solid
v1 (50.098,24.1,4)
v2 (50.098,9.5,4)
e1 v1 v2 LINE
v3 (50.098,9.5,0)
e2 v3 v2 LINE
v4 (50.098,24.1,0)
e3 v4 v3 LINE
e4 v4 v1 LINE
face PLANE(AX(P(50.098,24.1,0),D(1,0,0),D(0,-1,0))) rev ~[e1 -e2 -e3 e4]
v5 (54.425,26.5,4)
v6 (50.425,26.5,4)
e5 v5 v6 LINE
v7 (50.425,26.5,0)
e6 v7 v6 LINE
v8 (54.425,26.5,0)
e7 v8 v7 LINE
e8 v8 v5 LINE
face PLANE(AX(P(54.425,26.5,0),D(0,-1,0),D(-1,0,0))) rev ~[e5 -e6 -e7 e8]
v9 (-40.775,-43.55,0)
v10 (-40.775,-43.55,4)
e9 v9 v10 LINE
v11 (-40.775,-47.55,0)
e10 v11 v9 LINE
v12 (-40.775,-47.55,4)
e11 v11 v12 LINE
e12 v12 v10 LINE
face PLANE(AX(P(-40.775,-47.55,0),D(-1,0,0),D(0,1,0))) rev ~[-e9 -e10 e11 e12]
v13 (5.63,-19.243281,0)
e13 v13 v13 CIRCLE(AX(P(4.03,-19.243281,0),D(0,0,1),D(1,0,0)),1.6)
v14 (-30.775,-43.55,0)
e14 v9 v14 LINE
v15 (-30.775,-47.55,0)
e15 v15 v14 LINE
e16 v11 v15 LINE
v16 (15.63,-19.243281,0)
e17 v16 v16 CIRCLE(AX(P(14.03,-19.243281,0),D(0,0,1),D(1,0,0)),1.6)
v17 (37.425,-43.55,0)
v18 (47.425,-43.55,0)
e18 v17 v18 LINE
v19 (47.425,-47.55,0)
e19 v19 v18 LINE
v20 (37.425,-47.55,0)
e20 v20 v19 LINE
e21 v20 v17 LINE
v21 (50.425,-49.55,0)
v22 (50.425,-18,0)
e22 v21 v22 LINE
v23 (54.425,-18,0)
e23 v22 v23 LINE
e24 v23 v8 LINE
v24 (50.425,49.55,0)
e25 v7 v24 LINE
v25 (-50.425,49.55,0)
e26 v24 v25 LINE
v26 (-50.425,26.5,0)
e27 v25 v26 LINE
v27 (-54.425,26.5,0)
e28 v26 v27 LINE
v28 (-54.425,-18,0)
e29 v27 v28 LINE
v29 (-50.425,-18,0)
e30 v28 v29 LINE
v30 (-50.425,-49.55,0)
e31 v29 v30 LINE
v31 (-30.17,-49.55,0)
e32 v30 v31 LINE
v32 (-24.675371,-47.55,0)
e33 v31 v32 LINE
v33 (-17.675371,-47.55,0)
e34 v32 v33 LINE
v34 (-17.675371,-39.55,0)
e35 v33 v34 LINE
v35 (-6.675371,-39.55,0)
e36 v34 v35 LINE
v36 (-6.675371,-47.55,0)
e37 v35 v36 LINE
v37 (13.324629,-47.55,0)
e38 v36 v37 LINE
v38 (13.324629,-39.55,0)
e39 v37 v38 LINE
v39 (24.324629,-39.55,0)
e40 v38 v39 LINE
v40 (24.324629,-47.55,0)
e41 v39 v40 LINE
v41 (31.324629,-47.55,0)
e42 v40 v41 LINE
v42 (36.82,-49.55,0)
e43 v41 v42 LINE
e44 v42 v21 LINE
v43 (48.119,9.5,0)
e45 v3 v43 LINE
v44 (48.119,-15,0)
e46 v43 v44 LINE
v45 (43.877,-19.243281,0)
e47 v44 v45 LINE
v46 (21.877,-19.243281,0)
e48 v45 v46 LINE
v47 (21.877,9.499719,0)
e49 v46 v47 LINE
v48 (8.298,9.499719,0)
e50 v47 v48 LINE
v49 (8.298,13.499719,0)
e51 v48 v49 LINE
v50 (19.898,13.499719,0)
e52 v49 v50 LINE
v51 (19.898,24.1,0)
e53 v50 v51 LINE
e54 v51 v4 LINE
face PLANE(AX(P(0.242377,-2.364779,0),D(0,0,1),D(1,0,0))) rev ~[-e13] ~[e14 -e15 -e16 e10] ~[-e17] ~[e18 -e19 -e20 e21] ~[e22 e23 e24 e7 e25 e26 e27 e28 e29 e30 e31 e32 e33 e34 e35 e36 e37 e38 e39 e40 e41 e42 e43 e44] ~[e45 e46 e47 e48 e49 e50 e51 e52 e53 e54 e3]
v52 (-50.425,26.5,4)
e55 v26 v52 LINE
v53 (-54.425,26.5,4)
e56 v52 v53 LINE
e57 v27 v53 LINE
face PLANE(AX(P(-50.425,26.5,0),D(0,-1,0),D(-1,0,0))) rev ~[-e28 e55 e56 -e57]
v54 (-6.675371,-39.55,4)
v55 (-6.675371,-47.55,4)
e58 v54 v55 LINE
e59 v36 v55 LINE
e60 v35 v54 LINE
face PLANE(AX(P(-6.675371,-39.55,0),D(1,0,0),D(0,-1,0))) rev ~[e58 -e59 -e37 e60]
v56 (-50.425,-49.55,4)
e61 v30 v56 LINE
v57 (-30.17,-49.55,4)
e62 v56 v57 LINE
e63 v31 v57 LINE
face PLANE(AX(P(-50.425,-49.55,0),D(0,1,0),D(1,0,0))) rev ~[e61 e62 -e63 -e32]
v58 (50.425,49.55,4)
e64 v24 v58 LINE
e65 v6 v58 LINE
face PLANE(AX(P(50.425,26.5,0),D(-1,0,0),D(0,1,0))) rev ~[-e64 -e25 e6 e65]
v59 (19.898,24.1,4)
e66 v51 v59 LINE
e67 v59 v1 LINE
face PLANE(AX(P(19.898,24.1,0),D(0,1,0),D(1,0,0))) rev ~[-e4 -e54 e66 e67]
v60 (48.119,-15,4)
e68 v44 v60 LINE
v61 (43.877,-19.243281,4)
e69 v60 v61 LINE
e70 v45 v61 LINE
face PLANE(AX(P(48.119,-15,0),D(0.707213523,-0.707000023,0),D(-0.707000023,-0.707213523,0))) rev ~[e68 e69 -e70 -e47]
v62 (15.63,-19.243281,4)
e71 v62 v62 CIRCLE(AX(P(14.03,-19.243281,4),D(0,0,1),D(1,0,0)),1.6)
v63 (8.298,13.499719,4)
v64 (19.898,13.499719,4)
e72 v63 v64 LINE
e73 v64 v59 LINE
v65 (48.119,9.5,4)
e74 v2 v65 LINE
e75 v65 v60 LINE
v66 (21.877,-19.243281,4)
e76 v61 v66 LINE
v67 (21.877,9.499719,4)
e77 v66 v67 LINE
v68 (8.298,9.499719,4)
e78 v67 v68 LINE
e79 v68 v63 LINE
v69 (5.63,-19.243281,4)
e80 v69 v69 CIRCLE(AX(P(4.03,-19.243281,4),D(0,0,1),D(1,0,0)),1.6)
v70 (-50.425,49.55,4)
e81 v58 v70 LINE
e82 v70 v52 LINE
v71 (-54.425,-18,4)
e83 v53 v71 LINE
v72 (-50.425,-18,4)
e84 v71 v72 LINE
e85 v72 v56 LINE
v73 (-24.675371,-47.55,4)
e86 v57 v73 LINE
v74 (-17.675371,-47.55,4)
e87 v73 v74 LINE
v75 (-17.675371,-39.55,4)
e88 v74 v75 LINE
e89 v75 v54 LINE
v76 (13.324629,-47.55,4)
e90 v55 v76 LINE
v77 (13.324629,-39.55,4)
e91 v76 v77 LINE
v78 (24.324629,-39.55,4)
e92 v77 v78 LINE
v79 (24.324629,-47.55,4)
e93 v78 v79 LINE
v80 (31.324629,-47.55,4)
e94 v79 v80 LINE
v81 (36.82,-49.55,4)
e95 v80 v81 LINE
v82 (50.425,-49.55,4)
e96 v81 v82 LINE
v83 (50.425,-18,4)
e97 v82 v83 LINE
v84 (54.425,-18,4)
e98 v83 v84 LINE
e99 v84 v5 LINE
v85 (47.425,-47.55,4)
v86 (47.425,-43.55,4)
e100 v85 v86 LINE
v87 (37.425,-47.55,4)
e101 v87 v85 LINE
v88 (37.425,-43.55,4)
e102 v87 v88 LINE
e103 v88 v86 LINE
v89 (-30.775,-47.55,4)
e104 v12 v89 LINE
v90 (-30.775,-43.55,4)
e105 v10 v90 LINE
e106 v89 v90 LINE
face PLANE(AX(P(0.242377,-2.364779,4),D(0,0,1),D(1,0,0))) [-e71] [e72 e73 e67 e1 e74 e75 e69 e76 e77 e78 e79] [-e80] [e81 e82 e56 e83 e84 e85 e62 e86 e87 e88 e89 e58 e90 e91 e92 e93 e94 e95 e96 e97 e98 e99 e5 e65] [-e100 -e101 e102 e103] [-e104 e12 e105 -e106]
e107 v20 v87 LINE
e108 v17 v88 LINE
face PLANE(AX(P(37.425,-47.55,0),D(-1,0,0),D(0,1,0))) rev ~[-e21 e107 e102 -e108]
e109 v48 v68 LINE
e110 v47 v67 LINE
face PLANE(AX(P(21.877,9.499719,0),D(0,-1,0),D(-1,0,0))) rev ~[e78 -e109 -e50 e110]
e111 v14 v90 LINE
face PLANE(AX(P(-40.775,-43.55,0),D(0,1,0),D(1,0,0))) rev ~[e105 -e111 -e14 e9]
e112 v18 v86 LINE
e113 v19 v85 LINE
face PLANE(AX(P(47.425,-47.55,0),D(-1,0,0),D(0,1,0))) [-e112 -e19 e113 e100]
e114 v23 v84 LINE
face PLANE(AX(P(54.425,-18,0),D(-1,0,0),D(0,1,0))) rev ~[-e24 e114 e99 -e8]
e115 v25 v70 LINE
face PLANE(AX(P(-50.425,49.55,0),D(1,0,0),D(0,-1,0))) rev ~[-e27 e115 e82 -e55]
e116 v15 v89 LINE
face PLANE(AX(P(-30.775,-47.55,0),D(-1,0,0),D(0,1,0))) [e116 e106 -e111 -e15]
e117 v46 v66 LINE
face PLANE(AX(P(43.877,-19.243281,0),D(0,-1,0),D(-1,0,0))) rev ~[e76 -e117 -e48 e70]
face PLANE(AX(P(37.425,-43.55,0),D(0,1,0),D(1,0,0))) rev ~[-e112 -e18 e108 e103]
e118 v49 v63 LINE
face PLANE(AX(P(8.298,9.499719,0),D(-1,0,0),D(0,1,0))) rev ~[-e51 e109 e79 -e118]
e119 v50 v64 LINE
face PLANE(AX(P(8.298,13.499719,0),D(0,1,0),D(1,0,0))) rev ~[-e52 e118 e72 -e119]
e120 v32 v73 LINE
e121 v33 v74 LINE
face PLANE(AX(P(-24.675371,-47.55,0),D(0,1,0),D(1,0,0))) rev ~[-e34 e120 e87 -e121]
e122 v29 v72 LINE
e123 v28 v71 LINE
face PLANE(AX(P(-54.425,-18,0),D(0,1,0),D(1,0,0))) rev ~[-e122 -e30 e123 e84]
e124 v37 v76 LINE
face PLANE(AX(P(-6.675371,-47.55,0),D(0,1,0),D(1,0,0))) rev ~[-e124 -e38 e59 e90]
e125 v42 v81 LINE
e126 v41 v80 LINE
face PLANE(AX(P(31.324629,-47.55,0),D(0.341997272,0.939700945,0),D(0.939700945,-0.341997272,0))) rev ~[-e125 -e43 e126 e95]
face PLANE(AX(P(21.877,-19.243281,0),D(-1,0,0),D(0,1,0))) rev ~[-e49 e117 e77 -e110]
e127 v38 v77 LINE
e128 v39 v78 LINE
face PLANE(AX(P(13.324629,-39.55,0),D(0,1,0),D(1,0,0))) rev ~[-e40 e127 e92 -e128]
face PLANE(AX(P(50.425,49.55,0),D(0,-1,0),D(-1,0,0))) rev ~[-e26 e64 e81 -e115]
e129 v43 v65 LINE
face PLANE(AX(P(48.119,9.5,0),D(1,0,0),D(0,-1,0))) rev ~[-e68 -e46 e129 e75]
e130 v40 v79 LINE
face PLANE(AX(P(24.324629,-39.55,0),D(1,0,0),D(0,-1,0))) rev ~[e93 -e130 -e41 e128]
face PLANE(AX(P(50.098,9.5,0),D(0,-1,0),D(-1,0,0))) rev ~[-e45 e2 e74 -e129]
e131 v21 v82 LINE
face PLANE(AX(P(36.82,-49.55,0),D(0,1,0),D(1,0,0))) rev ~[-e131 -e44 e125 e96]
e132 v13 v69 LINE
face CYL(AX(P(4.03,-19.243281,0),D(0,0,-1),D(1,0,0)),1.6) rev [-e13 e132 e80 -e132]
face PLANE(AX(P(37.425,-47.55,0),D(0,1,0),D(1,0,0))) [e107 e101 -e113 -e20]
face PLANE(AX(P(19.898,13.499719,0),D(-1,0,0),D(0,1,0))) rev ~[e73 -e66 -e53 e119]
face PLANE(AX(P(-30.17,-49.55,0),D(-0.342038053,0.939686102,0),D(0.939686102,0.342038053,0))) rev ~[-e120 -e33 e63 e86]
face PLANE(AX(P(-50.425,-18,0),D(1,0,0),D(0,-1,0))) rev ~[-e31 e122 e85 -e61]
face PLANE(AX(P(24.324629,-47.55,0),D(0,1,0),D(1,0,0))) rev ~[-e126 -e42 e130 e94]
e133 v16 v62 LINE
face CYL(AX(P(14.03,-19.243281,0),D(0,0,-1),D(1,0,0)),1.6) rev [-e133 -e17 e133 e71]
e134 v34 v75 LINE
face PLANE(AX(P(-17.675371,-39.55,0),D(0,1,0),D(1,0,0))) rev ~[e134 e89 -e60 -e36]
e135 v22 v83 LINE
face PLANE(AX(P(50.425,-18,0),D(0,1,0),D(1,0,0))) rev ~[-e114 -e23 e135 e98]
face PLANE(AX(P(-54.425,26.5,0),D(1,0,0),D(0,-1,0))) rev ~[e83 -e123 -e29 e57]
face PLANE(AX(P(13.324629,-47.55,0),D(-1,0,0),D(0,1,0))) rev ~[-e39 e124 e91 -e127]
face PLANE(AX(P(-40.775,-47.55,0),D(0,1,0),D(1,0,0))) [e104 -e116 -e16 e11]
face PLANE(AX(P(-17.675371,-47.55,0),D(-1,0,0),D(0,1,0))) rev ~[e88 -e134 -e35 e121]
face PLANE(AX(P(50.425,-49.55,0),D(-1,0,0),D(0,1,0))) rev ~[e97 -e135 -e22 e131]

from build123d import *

# Parameters (mm, degrees)
F0_W     = 10
F0_H     = 4
F0_R     = 1.6
F1_DEPTH = 4


with BuildPart() as f1:
    # F0 (on Top) → F1 (new body)
    with BuildSketch(Plane.XY):
        Polygon((50.425, 49.55), (-50.425, 49.55), (-50.425, 26.5), (-54.425, 26.5), (-54.425, -18), (-50.425, -18), (-50.425, -49.55), (-30.17, -49.55), (-24.675371, -47.55), (-17.675371, -47.55), (-17.675371, -39.55), (-6.675371, -39.55), (-6.675371, -47.55), (13.324629, -47.55), (13.324629, -39.55), (24.324629, -39.55), (24.324629, -47.55), (31.324629, -47.55), (36.82, -49.55), (50.425, -49.55), (50.425, -18), (54.425, -18), (54.425, 26.5), (50.425, 26.5), align=None)
        with Locations((-35.775, -45.55)):
            Rectangle(F0_W, F0_H, mode=Mode.SUBTRACT)
        with Locations((42.425, -45.55)):
            Rectangle(F0_W, F0_H, mode=Mode.SUBTRACT)
        with Locations((4.03, -19.243281)):
            Circle(F0_R, mode=Mode.SUBTRACT)
        with Locations((14.03, -19.243281)):
            Circle(F0_R, mode=Mode.SUBTRACT)
        Polygon((19.898, 13.499719), (19.898, 24.1), (50.098, 24.1), (50.098, 9.5), (48.119, 9.5), (48.119, -15), (43.877, -19.243281), (21.877, -19.243281), (21.877, 9.499719), (8.298, 9.499719), (8.298, 13.499719), align=None, mode=Mode.SUBTRACT)
    extrude(amount=F1_DEPTH)


solid = f1.part
